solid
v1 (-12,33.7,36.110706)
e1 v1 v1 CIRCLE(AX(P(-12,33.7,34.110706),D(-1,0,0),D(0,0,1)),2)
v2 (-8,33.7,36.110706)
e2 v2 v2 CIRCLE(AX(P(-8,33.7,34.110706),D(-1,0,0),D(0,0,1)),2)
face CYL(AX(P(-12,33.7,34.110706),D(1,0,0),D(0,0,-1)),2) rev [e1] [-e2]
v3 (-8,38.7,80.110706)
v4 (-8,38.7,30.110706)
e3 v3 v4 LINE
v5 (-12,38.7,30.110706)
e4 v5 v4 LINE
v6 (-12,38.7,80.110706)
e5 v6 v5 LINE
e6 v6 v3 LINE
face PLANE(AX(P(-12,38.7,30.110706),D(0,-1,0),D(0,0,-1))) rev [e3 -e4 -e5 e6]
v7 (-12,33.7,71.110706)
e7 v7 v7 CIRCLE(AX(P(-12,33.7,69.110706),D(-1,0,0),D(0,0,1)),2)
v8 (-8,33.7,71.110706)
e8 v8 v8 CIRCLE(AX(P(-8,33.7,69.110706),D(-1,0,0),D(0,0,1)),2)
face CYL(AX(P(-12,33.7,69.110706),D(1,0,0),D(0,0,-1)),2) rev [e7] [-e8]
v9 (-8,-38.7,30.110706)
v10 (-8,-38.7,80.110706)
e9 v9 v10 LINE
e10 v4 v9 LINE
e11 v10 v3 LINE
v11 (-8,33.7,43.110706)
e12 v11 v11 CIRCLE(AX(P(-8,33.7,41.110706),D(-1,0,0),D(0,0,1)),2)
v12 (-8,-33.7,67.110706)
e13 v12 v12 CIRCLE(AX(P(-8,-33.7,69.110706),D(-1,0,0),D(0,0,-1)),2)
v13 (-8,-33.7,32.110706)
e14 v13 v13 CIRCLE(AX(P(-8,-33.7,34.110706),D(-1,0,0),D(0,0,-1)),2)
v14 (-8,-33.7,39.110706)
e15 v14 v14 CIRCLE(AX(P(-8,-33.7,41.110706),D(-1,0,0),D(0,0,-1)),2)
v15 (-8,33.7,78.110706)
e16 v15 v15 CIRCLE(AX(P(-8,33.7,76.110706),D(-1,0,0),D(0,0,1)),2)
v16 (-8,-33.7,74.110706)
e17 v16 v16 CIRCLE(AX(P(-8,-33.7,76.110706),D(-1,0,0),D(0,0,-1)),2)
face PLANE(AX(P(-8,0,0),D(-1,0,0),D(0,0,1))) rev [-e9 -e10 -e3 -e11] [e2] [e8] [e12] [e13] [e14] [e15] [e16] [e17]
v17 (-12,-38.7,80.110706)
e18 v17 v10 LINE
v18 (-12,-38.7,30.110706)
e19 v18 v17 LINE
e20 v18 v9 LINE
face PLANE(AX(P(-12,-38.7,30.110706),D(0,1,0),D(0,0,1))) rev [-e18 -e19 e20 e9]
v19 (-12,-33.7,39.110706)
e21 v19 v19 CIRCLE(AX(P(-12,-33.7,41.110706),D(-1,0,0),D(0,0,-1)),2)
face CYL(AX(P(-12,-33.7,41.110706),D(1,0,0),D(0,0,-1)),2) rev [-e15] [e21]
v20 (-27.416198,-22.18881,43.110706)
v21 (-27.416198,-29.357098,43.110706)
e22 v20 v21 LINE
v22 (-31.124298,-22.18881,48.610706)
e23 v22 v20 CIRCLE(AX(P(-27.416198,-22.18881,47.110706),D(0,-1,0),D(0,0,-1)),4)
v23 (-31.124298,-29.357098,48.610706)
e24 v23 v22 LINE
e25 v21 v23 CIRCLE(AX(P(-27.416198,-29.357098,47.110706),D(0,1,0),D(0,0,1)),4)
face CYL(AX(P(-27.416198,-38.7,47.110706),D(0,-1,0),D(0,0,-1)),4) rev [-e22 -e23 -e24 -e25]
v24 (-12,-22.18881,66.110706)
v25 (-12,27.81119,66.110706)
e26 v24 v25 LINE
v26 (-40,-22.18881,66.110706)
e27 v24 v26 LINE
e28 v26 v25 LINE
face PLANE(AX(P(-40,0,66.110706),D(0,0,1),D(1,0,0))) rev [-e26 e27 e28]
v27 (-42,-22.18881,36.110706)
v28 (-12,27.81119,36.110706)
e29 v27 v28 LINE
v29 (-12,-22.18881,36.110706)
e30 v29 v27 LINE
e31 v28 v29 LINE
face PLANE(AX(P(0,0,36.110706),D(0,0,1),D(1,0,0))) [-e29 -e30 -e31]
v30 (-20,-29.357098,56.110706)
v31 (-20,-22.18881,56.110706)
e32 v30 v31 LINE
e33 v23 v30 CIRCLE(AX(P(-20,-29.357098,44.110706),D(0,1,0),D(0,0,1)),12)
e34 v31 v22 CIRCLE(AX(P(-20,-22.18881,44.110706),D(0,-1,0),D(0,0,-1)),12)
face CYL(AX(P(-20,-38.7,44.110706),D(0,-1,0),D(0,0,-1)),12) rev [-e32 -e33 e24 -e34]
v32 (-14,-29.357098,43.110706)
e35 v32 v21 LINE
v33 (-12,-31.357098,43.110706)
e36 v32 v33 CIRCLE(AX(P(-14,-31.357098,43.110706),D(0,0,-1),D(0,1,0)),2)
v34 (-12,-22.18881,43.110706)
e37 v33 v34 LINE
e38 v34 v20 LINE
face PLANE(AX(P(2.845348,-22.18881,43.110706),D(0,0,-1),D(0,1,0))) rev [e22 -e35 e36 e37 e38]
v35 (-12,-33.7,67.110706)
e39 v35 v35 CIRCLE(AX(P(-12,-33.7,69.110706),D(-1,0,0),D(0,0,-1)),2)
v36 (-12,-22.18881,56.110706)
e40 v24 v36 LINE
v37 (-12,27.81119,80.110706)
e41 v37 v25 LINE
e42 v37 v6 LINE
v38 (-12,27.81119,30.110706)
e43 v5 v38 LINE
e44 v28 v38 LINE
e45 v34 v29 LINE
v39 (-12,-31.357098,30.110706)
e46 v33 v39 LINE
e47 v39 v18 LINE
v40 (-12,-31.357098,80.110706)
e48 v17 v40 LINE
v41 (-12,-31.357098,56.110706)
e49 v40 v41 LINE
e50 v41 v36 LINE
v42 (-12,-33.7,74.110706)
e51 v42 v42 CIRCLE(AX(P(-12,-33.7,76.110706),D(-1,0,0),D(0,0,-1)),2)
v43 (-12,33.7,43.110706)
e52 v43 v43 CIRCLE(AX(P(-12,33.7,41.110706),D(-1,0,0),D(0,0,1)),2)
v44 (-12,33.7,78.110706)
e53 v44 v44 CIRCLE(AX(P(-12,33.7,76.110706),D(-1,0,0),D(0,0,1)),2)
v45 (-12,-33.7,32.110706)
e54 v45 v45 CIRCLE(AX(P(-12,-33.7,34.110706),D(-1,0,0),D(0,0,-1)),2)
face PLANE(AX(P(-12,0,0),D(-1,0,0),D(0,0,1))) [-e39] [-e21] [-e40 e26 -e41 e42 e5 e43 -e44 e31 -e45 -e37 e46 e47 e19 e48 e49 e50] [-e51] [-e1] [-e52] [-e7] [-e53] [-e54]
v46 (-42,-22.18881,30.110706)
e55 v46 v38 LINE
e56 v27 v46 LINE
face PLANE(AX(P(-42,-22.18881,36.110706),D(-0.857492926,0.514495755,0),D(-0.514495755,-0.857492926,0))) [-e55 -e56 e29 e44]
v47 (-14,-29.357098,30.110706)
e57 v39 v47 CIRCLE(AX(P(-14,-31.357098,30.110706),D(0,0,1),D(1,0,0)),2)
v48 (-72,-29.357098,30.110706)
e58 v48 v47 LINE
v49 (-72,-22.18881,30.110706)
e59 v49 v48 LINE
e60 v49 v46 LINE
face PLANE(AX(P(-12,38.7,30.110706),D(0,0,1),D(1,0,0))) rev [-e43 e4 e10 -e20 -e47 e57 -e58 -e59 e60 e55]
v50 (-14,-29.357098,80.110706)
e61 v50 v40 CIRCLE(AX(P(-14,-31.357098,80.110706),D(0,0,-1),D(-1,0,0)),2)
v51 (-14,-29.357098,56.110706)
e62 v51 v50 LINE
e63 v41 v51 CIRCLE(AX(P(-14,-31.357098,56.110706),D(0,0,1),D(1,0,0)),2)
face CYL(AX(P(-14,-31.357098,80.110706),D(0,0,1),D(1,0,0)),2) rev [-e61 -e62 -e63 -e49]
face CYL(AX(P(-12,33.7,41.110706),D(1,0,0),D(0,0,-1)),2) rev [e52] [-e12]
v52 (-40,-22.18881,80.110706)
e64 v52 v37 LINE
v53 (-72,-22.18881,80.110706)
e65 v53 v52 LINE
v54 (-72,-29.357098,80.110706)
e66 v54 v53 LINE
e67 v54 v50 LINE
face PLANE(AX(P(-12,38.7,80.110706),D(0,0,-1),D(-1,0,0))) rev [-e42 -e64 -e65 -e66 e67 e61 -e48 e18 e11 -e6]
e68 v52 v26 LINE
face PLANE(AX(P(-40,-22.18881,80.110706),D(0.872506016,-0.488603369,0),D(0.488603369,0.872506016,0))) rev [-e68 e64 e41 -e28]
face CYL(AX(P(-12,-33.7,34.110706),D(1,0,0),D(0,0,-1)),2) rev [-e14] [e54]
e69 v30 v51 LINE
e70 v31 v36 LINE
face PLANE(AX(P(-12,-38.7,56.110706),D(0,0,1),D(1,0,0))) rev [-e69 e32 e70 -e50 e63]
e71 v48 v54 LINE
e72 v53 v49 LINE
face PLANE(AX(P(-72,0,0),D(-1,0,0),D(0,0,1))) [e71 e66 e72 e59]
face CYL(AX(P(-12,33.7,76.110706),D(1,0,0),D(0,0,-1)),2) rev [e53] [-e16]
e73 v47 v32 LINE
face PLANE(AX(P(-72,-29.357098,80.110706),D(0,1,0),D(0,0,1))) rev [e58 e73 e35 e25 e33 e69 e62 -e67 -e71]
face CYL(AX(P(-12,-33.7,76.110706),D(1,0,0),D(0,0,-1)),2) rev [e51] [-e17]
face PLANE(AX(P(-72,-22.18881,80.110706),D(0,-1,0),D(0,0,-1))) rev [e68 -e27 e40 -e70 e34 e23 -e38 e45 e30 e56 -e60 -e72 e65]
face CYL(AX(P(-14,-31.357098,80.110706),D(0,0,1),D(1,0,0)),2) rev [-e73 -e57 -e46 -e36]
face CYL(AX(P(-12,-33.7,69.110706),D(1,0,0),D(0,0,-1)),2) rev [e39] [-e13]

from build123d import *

# Parameters (mm, degrees)
SKETCH1_W           = 50
SKETCH1_H           = 77.4
SKETCH1_R           = 2
BOSS_EXTRUDE1_DEPTH = 4
SKETCH2_W           = 50
SKETCH2_H           = 7.168288369
BOSS_EXTRUDE2_DEPTH = 60
SKETCH6_W           = 20
SKETCH6_H           = 26
CUT_EXTRUDE1_DEPTH  = 124.730240351
RIB1_REACH          = 97.821
SKETCH7_WALL_W      = 250.948466038
SKETCH7_WALL_H      = 14
FILLET2_R           = 2
FILLET3_R           = 12
SKETCH8_W           = 13
SKETCH8_H           = 7.168288369
BOSS_EXTRUDE3_DEPTH = 20
FILLET4_R           = 4
BOSS_EXTRUDE4_DEPTH = 6
FILLET5_R           = 2


with BuildPart() as part:
    # Sketch1 → Boss-Extrude1 (new body)
    with BuildSketch(Plane.ZY.offset(8)):
        with Locations((55.110705908, 0)):
            Rectangle(SKETCH1_W, SKETCH1_H)
        with Locations((34.110705908, 33.7)):
            Circle(SKETCH1_R, mode=Mode.SUBTRACT)
        with Locations((41.110705908, 33.7)):
            Circle(SKETCH1_R, mode=Mode.SUBTRACT)
        with Locations((69.110705908, 33.7)):
            Circle(SKETCH1_R, mode=Mode.SUBTRACT)
        with Locations((76.110705908, 33.7)):
            Circle(SKETCH1_R, mode=Mode.SUBTRACT)
        with Locations(Location((34.110705908, -33.7, 0), (0, 0, 180))):
            Circle(SKETCH1_R, mode=Mode.SUBTRACT)
        with Locations(Location((41.110705908, -33.7, 0), (0, 0, 180))):
            Circle(SKETCH1_R, mode=Mode.SUBTRACT)
        with Locations(Location((69.110705908, -33.7, 0), (0, 0, 180))):
            Circle(SKETCH1_R, mode=Mode.SUBTRACT)
        with Locations(Location((76.110705908, -33.7, 0), (0, 0, 180))):
            Circle(SKETCH1_R, mode=Mode.SUBTRACT)
    extrude(amount=BOSS_EXTRUDE1_DEPTH)

    # Sketch2 → Boss-Extrude2 (add)
    with BuildSketch(Plane.ZY.offset(12)):
        with Locations((55.110705908, -25.772954127)):
            Rectangle(SKETCH2_W, SKETCH2_H)
    extrude(amount=BOSS_EXTRUDE2_DEPTH)

    # Sketch6 → Cut-Extrude1 (cut, through all)
    with BuildSketch(Plane(origin=(0, -22.188809942, 0), x_dir=(1, 0, 0), z_dir=(0, 1, 0))):
        with Locations((-22, -43.110705908)):
            Rectangle(SKETCH6_W, SKETCH6_H)
    extrude(amount=-CUT_EXTRUDE1_DEPTH, mode=Mode.SUBTRACT)

    # Sketch7 wall → Rib1 (add, up to next)
    with BuildSketch(Plane(origin=(-26, 2.811190058, 80.110705908), x_dir=(0.488603368932, 0.87250601595, 0), z_dir=(-0.87250601595, 0.488603368932, 0)), mode=Mode.PRIVATE) as rib1_sk1:
        with Locations((0, 7)):
            Rectangle(SKETCH7_WALL_W, SKETCH7_WALL_H)
    rib1_tool1 = extrude(rib1_sk1.sketch, amount=-RIB1_REACH, mode=Mode.PRIVATE) - part.part
    add(rib1_tool1.solids().sort_by_distance((-26, 2.811190058, 80.110705908))[0])

    # Fillet2
    fillet2_edges = [part.edges().sort_by_distance(p)[0] for p in [
        (-12, -29.357098311, 68.110705908),
    ]]
    fillet(fillet2_edges, radius=FILLET2_R)

    # Fillet3
    fillet3_edges = [part.edges().sort_by_distance(p)[0] for p in [
        (-32, -25.772954126, 56.110705908),
    ]]
    fillet(fillet3_edges, radius=FILLET3_R)

    # Sketch8 → Boss-Extrude3 (add)
    with BuildSketch(Plane(origin=(-32, 0, 0), x_dir=(0, 0, -1), z_dir=(1, 0, 0))):
        with Locations((-36.610705908, -25.772954127)):
            Rectangle(SKETCH8_W, SKETCH8_H)
    extrude(amount=BOSS_EXTRUDE3_DEPTH)

    # Fillet4
    fillet4_edges = [part.edges().sort_by_distance(p)[0] for p in [
        (-32, -25.772954126, 43.110705908),
    ]]
    fillet(fillet4_edges, radius=FILLET4_R)

    # Sketch9 → Boss-Extrude4 (add)
    with BuildSketch(Plane(origin=(0, 0, 30.110705908), x_dir=(-1, 0, 0), z_dir=(0, 0, -1))):
        Polygon((42, -22.188809942), (12, 27.811190058), (12, -22.188809942), align=None)
    extrude(amount=-BOSS_EXTRUDE4_DEPTH)

    # Fillet5
    fillet5_edges = [part.edges().sort_by_distance(p)[0] for p in [
        (-12, -29.357098311, 36.610705908),
    ]]
    fillet(fillet5_edges, radius=FILLET5_R)


solid = part.part
